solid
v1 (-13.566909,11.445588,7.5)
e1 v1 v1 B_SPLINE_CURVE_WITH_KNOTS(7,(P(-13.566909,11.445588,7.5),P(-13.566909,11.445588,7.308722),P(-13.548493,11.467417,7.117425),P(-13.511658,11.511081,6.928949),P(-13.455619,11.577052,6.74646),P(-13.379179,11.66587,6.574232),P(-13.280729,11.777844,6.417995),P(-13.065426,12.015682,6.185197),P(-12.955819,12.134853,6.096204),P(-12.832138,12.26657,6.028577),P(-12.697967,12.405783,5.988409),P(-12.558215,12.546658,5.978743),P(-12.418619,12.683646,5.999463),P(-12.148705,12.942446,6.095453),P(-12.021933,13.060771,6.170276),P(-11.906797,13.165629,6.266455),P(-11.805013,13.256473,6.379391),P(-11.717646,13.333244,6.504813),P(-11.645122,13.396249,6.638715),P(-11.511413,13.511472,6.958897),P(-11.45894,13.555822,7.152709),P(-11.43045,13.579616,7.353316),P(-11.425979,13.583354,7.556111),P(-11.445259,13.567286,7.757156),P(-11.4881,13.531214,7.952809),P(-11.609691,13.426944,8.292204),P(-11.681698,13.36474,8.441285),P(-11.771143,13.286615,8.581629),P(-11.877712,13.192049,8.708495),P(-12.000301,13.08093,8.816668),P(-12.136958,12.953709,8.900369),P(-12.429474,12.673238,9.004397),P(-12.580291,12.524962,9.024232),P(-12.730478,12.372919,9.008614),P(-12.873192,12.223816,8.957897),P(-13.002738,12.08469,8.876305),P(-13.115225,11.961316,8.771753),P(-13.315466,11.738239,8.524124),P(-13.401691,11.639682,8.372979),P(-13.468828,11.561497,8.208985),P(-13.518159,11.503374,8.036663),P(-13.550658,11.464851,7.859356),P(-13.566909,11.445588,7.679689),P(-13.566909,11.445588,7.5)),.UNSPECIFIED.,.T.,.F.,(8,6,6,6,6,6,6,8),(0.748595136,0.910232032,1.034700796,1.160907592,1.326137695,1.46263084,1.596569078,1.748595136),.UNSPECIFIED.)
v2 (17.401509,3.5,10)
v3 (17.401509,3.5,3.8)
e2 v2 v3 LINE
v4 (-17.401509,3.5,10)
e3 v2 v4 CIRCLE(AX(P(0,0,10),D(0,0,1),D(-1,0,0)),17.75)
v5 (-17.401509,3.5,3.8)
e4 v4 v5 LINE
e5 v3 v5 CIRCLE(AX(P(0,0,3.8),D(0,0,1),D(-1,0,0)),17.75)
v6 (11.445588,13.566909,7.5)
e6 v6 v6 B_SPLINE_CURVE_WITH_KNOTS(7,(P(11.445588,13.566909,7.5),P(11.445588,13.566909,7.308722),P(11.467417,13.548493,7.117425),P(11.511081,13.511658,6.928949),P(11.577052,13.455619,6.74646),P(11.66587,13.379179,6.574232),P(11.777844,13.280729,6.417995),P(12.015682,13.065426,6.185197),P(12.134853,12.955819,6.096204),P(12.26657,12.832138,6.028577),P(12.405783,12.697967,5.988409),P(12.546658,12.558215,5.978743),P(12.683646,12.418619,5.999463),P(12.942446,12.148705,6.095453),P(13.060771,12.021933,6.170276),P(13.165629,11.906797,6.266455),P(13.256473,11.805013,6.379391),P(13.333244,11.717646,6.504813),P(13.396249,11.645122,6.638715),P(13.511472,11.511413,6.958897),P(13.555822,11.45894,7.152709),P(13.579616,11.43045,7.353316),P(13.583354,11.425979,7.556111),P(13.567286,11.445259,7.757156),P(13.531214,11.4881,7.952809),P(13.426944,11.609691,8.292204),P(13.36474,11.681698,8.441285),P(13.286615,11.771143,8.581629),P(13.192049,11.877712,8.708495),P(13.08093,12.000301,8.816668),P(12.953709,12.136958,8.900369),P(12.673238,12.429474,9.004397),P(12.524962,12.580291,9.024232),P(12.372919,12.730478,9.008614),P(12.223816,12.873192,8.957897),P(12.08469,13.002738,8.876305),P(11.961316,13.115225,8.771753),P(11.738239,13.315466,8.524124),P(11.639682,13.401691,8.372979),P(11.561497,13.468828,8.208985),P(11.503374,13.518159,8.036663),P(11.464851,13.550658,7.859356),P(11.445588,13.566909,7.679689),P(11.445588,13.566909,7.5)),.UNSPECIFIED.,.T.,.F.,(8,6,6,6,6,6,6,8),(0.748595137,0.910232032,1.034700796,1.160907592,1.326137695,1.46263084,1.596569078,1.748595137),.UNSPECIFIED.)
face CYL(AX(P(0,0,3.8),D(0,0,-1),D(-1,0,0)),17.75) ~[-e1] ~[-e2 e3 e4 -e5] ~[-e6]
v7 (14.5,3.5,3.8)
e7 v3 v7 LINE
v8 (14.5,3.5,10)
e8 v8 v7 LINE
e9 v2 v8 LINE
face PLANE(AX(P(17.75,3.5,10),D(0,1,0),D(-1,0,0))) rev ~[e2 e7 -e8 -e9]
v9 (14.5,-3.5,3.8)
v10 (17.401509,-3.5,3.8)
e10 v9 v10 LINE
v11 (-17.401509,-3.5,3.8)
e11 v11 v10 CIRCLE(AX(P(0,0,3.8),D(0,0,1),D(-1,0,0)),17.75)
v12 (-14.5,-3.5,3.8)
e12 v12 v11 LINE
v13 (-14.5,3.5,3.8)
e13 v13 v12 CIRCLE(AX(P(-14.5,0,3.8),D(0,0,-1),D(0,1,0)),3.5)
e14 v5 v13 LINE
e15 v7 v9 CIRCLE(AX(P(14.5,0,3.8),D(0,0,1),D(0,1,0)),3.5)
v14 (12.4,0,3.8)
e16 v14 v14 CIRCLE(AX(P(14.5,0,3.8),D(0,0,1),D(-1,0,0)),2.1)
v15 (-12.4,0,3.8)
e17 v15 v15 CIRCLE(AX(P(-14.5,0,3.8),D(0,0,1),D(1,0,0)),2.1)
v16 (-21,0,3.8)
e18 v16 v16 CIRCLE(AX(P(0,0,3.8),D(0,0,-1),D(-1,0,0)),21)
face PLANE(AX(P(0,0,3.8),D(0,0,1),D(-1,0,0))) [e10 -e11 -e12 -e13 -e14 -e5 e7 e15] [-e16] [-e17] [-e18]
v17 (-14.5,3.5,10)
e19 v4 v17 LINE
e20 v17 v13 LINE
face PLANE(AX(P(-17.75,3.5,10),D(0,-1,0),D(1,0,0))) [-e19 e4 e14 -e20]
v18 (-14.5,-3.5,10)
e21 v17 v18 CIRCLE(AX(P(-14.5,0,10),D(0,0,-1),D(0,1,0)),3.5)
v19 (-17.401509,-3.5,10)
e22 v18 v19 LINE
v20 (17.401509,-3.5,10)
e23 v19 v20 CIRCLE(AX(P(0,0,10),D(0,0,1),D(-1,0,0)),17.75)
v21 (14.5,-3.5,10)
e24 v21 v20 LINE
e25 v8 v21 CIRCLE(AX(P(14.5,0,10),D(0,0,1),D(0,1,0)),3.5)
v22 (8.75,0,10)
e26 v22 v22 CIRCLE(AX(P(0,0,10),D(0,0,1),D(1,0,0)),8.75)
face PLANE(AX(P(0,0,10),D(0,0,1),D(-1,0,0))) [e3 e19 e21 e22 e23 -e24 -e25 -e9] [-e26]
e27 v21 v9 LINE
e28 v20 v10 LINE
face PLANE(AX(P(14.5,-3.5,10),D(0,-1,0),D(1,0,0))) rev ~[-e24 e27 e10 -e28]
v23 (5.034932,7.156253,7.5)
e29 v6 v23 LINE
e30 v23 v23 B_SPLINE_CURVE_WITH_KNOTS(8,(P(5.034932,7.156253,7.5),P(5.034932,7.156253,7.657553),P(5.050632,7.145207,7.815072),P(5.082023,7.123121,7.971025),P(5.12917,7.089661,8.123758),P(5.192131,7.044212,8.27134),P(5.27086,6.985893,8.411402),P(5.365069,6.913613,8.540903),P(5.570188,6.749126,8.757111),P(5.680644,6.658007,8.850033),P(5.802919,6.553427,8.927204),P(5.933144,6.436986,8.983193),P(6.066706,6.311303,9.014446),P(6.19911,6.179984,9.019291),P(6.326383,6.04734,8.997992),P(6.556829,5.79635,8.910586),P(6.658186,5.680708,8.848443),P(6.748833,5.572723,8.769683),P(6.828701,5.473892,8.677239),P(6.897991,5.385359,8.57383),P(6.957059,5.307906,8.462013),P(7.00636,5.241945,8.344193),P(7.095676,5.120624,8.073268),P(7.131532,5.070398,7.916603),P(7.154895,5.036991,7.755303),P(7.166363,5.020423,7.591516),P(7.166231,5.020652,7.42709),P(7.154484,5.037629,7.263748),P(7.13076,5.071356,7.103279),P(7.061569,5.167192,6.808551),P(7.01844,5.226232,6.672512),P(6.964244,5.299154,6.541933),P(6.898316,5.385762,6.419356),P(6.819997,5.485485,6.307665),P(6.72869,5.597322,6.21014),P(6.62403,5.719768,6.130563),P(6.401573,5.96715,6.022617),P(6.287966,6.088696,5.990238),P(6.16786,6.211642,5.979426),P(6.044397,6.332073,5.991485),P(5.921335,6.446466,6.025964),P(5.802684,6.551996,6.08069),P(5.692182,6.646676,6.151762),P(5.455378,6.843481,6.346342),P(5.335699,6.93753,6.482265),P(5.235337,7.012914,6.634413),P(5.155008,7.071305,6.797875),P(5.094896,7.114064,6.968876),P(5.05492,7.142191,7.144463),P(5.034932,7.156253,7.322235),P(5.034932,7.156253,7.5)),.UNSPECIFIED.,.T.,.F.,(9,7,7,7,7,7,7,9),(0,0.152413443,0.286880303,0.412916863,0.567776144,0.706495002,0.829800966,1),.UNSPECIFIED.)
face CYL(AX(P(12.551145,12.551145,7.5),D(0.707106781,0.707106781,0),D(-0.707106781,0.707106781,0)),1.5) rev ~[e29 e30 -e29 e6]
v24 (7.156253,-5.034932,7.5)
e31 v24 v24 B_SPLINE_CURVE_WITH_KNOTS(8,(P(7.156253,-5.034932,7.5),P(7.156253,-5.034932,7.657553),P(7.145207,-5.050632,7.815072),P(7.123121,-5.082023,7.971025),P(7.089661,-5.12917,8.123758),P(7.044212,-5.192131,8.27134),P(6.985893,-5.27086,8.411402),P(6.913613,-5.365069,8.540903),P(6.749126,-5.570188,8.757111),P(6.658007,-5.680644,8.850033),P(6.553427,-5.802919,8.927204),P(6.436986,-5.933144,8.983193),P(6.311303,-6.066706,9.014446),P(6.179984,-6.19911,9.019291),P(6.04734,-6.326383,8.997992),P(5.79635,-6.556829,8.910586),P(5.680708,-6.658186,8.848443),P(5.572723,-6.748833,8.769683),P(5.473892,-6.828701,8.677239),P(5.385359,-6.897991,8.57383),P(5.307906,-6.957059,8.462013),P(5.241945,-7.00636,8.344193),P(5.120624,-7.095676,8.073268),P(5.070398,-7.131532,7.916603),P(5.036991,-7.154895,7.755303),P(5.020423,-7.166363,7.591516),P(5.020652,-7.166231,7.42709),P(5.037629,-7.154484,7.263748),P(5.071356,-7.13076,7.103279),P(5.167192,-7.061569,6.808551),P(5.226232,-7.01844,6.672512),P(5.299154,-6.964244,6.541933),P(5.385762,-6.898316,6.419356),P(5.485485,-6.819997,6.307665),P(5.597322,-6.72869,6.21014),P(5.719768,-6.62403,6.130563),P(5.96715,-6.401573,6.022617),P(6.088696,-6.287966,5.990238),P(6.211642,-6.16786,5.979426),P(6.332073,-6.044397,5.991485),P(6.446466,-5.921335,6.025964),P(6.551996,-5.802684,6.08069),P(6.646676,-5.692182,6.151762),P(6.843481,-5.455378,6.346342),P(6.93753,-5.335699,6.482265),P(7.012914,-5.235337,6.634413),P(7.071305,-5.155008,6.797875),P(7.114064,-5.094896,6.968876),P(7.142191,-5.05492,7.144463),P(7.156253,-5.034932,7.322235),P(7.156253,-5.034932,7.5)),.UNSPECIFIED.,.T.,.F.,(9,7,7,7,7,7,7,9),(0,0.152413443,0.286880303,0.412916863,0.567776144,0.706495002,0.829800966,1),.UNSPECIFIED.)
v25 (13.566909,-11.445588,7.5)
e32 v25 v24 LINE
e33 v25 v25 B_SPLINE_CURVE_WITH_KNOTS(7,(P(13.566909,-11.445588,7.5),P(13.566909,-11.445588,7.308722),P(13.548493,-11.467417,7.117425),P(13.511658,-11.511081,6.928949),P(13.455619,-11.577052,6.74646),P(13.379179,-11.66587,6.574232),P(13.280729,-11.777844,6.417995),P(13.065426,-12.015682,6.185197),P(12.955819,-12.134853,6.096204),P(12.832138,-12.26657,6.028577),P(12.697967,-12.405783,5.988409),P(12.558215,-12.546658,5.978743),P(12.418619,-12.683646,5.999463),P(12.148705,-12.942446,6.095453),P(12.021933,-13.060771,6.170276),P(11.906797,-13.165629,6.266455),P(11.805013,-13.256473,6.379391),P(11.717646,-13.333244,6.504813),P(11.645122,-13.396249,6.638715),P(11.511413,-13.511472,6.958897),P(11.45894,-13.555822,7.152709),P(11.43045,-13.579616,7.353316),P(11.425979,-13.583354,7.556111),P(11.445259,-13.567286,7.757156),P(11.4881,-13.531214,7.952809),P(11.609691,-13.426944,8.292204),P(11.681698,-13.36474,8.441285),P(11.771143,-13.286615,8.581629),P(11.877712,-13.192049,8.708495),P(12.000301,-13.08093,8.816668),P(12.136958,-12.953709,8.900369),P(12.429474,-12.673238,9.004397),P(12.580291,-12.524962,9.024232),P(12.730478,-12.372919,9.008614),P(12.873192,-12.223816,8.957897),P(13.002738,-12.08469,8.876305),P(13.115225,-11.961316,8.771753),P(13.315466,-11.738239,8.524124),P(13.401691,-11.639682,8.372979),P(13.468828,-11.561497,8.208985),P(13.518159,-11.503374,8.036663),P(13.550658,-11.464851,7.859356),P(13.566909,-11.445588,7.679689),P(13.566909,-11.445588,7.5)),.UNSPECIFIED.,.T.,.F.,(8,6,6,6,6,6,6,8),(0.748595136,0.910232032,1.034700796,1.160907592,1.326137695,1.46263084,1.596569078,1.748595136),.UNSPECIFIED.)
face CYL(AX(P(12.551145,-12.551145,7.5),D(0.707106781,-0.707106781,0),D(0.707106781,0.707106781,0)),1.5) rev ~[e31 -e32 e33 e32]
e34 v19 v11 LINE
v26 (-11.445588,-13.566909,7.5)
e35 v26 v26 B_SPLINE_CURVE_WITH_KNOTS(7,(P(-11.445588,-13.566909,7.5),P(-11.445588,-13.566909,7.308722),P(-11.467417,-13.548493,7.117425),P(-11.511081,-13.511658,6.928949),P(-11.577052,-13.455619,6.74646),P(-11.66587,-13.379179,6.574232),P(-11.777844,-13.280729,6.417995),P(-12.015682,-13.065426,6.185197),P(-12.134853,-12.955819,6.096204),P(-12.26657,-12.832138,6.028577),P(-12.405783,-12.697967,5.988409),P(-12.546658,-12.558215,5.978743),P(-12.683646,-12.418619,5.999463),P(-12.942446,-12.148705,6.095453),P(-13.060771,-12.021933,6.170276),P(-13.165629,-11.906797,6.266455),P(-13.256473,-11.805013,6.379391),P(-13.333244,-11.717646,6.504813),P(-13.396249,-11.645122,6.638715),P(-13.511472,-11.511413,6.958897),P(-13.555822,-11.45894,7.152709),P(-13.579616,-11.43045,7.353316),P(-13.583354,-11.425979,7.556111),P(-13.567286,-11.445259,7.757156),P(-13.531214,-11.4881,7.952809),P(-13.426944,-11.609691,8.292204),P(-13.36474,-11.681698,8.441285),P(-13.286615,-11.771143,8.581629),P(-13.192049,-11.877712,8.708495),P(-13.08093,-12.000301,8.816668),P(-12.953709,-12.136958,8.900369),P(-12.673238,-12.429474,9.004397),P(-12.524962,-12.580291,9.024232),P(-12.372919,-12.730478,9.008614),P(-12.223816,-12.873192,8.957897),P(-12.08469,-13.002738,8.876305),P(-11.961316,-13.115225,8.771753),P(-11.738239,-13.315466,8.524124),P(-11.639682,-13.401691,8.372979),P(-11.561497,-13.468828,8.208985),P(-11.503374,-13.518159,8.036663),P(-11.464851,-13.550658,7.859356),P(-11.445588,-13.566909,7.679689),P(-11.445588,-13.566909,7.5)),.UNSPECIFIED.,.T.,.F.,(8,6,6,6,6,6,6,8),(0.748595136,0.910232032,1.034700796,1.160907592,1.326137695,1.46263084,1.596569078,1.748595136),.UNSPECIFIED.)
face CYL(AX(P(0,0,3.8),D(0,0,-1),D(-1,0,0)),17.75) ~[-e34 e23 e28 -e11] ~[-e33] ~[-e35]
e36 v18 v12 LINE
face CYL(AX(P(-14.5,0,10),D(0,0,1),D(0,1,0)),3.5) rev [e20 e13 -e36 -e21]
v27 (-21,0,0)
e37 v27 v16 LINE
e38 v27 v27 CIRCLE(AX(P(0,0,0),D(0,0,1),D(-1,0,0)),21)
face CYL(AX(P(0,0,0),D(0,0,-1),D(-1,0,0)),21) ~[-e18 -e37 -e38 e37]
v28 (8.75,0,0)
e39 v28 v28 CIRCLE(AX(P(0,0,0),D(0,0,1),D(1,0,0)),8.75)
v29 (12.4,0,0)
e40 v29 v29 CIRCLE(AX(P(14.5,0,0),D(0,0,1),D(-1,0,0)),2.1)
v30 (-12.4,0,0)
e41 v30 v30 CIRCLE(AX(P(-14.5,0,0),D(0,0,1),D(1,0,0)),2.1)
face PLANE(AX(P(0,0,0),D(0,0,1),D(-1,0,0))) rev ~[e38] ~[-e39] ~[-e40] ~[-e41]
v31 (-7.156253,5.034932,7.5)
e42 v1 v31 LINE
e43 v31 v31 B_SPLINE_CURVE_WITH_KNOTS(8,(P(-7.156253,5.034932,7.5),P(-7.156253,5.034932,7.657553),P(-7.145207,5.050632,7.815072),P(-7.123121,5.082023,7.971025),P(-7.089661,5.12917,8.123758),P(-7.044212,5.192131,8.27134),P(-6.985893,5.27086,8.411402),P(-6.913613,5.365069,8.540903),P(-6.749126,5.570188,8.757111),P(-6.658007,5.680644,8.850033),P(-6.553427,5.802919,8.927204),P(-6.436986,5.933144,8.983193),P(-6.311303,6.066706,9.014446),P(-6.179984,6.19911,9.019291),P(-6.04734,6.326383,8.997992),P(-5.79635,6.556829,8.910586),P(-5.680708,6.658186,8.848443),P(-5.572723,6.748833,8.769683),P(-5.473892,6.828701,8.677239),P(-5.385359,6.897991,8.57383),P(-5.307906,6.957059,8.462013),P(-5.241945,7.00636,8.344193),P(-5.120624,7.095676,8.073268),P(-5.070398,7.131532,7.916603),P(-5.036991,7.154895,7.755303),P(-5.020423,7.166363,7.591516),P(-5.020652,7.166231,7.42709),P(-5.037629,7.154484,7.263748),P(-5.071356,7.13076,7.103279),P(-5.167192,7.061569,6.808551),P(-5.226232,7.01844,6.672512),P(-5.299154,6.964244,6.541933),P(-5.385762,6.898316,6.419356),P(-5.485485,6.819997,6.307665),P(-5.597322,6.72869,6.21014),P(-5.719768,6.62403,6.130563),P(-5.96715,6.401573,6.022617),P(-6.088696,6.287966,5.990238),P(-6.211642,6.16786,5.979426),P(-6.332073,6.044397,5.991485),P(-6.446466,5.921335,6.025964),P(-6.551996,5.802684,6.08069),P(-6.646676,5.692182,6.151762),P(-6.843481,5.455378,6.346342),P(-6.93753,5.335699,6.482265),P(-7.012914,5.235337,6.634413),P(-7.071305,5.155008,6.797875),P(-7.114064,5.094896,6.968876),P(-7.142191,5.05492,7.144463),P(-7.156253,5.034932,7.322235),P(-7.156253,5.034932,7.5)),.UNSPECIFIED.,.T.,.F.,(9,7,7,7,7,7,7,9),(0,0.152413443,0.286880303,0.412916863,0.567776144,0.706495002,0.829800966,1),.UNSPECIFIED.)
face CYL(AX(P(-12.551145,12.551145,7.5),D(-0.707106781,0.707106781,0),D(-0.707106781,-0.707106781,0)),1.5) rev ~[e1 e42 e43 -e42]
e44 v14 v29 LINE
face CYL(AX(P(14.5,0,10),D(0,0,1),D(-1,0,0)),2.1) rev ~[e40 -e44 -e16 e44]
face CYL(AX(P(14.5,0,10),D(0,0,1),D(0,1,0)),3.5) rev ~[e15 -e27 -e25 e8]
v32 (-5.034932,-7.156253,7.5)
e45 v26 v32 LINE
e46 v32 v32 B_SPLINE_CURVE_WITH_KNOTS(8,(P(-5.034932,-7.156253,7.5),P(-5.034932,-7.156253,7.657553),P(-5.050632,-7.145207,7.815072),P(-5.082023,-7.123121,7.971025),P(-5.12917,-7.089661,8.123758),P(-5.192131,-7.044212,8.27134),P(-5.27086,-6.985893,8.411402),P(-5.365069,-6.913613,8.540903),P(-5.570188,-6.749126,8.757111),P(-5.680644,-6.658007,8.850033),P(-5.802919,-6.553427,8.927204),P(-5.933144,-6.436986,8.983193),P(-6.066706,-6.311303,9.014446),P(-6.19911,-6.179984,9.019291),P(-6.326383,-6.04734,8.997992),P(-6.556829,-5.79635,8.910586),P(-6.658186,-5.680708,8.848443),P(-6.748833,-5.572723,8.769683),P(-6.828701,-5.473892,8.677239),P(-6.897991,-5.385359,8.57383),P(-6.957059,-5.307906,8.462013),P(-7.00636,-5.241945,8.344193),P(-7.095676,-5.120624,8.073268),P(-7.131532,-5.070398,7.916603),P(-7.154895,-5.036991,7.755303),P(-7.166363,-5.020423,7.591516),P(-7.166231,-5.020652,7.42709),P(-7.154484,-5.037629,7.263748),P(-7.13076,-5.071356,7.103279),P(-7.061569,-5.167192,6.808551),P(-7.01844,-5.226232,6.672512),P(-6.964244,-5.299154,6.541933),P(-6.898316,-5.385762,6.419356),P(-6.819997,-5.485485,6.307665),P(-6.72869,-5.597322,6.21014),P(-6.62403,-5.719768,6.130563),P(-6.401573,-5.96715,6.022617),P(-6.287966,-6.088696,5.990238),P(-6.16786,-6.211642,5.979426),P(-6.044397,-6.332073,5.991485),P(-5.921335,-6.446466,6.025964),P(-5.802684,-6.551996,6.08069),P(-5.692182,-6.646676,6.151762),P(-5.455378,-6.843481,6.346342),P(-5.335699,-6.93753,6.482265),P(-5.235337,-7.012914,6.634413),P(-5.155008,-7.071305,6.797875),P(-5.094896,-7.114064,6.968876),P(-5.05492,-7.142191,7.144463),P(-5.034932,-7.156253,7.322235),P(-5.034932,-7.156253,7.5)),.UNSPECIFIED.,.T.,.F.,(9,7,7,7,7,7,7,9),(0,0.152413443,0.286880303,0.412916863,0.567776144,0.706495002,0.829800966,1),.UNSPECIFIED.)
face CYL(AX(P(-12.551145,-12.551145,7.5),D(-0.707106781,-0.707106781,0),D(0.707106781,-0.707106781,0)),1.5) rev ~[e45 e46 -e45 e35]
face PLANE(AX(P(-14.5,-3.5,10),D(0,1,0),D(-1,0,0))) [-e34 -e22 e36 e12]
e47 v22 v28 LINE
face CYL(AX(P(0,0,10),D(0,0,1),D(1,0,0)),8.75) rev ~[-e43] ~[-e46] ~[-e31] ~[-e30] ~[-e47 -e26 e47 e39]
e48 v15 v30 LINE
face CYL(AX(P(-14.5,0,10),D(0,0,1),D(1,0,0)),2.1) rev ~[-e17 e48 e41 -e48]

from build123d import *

# Parameters (mm, degrees)
SKETCH_1_R               = 21
EXTRUDE_1_DEPTH          = 3.8
SKETCH_2_R               = 17.75
EXTRUDE_2_DEPTH          = 6.2
SKETCH_3_R               = 2.1
SKETCH_3_R_2             = 8.75
CUT_EXTRUDE_1_DEPTH      = 32.336879232
CUT_EXTRUDE_2_REACH      = 50.491
CUT_EXTRUDE_2_END_RADIUS = 8.75
SKETCH_5_R               = 1.5
PATTERN_CIRCULAR_1_COUNT = 4
CUT_EXTRUDE_3_DEPTH      = 6.2


with BuildPart() as part:
    # ｽｹｯﾁ1 → ﾎﾞｽ - 押し出し1 (new body)
    with BuildSketch(Plane.XY):
        with Locations(Location((0, 0, 0), (0, 0, 180))):
            Circle(SKETCH_1_R)
    extrude(amount=EXTRUDE_1_DEPTH)

    # ｽｹｯﾁ2 → ﾎﾞｽ - 押し出し2 (add)
    with BuildSketch(Plane.XY.offset(3.8)):
        with Locations(Location((0, 0, 0), (0, 0, 180))):
            Circle(SKETCH_2_R)
    extrude(amount=EXTRUDE_2_DEPTH)

    # ｽｹｯﾁ3 → ｶｯﾄ - 押し出し1 (cut, through all)
    with BuildSketch(Plane.XY.offset(10)):
        with Locations((-14.5, 0)):
            Circle(SKETCH_3_R)
        with Locations(Location((14.5, 0, 0), (0, 0, 180))):
            Circle(SKETCH_3_R)
        Circle(SKETCH_3_R_2)
    extrude(amount=-CUT_EXTRUDE_1_DEPTH, mode=Mode.SUBTRACT)

    # ｶｯﾄ - 押し出し2: up to this cylinder (the profile starts outside it)
    cut_extrude_2_end = Plane(origin=(0, 0, 7.5), z_dir=(0, 0, 1)) * Cylinder(CUT_EXTRUDE_2_END_RADIUS, 119.482, mode=Mode.PRIVATE)
    # ｽｹｯﾁ5 → ｶｯﾄ - 押し出し2 (cut, up to the surface)
    with BuildSketch(Plane(origin=(12.551145366, 12.551145366, 0), x_dir=(0.7071067811865489, -0.7071067811865461, 0), z_dir=(0.7071067811865461, 0.7071067811865489, 0)), mode=Mode.PRIVATE) as cut_extrude_2_sk1:
        with Locations(Location((0, -7.5, 0), (0, 0, 180))):
            Circle(SKETCH_5_R)
    cut_extrude_2_tool1 = extrude(cut_extrude_2_sk1.sketch, amount=-CUT_EXTRUDE_2_REACH, mode=Mode.PRIVATE) - cut_extrude_2_end
    cut_extrude_2 = cut_extrude_2_tool1.solids().sort_by_distance((12.551145, 12.551145, 7.5))[0]
    add(cut_extrude_2, mode=Mode.SUBTRACT)

    # 円形ﾊﾟﾀｰﾝ1: ｶｯﾄ - 押し出し2 ×4 about axis
    pattern_circular_1_axis = Axis((0, 0, 10), (0, 0, -1))
    for i in range(1, PATTERN_CIRCULAR_1_COUNT):
        add(cut_extrude_2.rotate(pattern_circular_1_axis, i * 360 / PATTERN_CIRCULAR_1_COUNT), mode=Mode.SUBTRACT)

    # ｽｹｯﾁ6 → ｶｯﾄ - 押し出し3 (cut)
    with BuildSketch(Plane.XY.offset(10)):
        with BuildLine():
            Line((-14.5, -3.5), (-17.75, -3.5))
            ThreePointArc((-17.75, -3.5), (-21.25, 0), (-17.75, 3.5))
            Line((-17.75, 3.5), (-14.5, 3.5))
            ThreePointArc((-14.5, 3.5), (-11, 0), (-14.5, -3.5))
        make_face()
        with BuildLine():
            Line((14.5, -3.5), (17.75, -3.5))
            ThreePointArc((17.75, -3.5), (21.25, 0), (17.75, 3.5))
            Line((17.75, 3.5), (14.5, 3.5))
            ThreePointArc((14.5, 3.5), (11, 0), (14.5, -3.5))
        make_face()
    extrude(amount=-CUT_EXTRUDE_3_DEPTH, mode=Mode.SUBTRACT)


solid = part.part
